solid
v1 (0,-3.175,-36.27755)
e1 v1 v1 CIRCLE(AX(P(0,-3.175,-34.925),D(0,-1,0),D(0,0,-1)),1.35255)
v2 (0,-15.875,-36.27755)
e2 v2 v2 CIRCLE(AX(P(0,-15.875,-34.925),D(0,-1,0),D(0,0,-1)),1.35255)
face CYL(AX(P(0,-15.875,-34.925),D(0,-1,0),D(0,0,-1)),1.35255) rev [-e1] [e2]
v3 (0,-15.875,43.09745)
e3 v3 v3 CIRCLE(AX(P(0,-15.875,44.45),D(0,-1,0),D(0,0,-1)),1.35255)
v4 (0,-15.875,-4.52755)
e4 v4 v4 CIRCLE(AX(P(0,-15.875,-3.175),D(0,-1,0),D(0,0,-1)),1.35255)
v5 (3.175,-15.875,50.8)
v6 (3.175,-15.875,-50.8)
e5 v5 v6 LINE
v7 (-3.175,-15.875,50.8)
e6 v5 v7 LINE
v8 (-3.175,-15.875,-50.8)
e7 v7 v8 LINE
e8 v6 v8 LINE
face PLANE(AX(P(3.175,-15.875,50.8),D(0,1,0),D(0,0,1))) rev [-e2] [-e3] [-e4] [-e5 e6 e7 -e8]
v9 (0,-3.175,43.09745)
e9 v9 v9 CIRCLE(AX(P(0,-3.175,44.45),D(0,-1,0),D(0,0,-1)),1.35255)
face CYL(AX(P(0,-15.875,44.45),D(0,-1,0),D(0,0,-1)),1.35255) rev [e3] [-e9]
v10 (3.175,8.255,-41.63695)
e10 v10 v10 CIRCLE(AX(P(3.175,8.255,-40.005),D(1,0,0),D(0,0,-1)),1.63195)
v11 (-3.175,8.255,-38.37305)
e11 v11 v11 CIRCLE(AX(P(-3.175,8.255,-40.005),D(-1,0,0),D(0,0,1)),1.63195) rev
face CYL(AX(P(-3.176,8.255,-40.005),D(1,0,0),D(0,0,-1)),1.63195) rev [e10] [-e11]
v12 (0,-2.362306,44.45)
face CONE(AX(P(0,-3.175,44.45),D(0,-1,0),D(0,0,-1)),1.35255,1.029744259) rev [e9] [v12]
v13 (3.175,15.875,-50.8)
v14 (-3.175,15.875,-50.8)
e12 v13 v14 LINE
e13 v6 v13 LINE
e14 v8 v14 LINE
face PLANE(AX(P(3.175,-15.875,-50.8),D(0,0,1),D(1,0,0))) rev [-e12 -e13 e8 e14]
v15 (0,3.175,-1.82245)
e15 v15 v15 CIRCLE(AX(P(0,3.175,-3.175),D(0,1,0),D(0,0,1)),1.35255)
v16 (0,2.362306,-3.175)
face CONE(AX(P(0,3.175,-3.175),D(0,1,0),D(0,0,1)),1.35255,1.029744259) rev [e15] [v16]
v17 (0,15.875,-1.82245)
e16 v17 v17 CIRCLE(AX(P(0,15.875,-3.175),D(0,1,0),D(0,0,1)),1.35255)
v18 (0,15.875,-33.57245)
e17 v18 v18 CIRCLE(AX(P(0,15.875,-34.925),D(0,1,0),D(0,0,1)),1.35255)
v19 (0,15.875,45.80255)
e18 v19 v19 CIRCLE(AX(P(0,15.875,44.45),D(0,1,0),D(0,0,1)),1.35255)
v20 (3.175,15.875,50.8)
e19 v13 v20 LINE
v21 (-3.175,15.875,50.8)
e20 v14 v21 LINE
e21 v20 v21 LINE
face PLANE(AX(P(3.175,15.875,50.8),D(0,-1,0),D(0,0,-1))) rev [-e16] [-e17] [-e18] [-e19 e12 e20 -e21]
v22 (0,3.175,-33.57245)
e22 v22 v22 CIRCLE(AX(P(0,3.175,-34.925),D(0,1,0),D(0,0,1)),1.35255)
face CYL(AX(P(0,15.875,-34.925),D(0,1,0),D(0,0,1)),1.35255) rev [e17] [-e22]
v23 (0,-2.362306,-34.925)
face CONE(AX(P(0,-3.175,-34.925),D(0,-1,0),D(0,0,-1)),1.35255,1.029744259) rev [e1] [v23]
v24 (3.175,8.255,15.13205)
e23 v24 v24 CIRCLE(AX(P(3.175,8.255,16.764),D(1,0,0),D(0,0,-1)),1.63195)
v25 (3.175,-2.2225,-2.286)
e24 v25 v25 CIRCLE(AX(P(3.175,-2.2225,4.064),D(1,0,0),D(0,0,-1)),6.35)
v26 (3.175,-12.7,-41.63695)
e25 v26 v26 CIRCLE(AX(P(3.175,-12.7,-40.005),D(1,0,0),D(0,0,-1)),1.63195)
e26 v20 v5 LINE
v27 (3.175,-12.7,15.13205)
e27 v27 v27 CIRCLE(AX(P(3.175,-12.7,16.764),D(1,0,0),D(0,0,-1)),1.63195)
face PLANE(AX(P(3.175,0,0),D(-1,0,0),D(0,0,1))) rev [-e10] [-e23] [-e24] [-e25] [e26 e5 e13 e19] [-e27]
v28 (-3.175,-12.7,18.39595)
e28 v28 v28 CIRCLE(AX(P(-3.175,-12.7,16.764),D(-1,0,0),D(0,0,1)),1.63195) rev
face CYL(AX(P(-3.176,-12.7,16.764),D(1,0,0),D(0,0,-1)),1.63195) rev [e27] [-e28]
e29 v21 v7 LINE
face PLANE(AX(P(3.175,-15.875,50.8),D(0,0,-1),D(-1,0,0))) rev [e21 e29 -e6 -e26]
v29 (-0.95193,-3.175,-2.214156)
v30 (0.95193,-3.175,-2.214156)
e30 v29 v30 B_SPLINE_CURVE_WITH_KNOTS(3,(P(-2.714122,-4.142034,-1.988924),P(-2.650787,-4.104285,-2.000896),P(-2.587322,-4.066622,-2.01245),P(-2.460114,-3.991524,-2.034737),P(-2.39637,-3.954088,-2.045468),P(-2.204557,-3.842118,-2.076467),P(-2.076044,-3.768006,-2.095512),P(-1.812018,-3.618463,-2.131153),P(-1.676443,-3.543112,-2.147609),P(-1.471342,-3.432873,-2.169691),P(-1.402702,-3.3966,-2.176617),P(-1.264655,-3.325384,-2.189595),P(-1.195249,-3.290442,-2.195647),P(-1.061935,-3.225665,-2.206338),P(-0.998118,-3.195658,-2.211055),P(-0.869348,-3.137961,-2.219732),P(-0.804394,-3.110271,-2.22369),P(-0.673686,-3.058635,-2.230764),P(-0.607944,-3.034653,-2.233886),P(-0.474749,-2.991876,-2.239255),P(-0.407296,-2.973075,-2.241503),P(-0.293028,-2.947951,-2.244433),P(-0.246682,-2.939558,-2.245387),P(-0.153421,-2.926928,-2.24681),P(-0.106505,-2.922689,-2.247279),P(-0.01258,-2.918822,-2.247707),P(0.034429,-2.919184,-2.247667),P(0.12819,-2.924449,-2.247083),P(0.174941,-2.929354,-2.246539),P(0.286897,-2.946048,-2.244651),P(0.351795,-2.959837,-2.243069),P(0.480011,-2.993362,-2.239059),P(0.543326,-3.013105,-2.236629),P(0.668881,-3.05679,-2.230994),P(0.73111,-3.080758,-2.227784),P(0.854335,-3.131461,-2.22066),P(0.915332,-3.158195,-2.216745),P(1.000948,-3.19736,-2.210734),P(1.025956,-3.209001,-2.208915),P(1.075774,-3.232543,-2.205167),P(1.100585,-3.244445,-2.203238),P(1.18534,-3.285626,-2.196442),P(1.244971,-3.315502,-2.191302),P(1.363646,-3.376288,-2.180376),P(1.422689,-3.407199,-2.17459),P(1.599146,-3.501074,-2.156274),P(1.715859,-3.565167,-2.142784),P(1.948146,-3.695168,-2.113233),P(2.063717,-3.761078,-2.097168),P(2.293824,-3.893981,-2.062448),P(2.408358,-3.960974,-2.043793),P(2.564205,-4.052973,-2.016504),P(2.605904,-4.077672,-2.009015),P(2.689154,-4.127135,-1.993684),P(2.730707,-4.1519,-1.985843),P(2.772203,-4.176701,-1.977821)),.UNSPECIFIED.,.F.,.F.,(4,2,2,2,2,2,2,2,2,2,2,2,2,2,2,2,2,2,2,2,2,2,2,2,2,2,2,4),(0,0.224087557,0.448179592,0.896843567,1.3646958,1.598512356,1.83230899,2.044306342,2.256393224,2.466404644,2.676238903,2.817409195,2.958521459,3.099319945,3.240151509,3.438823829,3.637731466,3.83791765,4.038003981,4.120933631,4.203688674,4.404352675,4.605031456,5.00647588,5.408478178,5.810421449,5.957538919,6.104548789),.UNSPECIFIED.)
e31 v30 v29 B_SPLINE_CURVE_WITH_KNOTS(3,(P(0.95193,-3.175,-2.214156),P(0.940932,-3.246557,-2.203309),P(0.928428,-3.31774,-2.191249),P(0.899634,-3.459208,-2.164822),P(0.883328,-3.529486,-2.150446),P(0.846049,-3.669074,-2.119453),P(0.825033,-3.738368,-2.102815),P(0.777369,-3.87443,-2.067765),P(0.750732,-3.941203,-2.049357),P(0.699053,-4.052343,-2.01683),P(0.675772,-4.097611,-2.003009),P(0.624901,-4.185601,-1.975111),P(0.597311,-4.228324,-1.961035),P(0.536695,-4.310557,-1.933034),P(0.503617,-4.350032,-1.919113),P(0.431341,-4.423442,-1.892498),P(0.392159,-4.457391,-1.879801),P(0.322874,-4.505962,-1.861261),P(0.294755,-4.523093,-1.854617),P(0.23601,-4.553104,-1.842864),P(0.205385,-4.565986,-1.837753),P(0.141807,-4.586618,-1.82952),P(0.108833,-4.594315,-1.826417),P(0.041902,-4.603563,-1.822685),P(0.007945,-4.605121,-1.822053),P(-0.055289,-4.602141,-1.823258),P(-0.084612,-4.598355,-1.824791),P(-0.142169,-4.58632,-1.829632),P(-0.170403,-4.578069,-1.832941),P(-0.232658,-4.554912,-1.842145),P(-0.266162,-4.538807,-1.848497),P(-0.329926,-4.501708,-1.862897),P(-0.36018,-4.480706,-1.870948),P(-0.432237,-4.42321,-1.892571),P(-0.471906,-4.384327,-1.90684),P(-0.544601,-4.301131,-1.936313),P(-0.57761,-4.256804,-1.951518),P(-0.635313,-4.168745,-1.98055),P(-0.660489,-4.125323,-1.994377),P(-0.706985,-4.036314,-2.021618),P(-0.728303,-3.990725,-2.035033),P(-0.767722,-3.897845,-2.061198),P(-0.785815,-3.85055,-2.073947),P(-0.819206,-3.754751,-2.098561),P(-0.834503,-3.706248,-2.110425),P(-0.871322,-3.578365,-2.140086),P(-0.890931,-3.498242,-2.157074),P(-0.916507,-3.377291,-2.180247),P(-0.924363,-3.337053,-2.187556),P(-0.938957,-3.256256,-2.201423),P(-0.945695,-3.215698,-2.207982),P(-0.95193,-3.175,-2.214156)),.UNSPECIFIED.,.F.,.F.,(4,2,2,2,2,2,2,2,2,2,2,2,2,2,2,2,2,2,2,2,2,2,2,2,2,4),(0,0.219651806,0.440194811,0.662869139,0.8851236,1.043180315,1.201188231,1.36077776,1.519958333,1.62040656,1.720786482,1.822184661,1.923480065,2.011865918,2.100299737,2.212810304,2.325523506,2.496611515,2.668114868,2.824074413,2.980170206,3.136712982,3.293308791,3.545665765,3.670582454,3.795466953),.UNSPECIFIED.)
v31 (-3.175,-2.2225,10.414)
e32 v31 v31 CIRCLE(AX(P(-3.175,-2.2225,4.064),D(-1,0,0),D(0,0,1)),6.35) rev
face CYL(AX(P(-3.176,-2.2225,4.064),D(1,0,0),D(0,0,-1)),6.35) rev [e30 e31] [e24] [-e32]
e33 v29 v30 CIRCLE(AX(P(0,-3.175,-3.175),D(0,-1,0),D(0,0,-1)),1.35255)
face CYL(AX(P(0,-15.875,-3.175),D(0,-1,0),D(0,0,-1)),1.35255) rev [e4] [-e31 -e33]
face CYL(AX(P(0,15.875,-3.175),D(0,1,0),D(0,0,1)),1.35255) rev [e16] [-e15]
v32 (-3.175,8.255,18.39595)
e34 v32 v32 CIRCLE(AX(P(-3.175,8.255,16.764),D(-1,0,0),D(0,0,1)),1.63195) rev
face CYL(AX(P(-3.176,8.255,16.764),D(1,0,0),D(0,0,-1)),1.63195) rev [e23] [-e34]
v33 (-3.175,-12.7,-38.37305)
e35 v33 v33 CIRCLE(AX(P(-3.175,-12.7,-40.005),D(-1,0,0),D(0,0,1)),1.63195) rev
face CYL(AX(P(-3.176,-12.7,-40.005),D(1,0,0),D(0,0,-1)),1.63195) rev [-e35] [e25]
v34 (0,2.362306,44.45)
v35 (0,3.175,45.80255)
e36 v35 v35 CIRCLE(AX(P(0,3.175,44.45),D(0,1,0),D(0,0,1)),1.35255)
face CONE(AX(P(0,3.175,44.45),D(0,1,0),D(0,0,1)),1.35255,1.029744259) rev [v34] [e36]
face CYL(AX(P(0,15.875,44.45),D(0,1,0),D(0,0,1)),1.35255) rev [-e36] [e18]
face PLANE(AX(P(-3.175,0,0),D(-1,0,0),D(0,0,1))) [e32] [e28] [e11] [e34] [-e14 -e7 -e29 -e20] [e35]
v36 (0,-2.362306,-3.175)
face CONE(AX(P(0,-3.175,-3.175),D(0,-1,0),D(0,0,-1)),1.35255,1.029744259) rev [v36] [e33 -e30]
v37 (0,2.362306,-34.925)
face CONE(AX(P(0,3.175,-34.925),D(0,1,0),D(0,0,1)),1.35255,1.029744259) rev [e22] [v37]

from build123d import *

# Parameters (mm, degrees)
SKETCH1_W                          = 101.6
SKETCH1_H                          = 31.75
BOSS_EXTRUDE1_DEPTH                = 3.175
CUT_EXTRUDE1_REACH                 = 55.6
SKETCH2_R                          = 1.63195
SKETCH2_R_2                        = 6.35
TAP_DRILL_FOR_6_32_TAP1_AT_2_COUNT = 2
TAP_DRILL_FOR_6_32_TAP1_AT_2_PITCH = 79.375
TAP_DRILL_FOR_6_32_TAP1_AT_3_COUNT = 2
TAP_DRILL_FOR_6_32_TAP1_AT_3_PITCH = 47.625


with BuildPart() as part:
    # Sketch1 → Boss-Extrude1 (new, symmetric)
    with BuildSketch(Plane(origin=(0, 0, 0), x_dir=(0, 0, -1), z_dir=(1, 0, 0))):
        Rectangle(SKETCH1_W, SKETCH1_H)
    extrude(amount=BOSS_EXTRUDE1_DEPTH, both=True)

    # Sketch2 → Cut-Extrude1 (cut, up to next)
    with BuildSketch(Plane(origin=(3.175, 0, 0), x_dir=(0, 0, -1), z_dir=(1, 0, 0)), mode=Mode.PRIVATE) as cut_extrude1_sk1:
        with Locations((-16.764, 8.255)):
            Circle(SKETCH2_R)
    cut_extrude1_tool1 = extrude(cut_extrude1_sk1.sketch, amount=-CUT_EXTRUDE1_REACH, mode=Mode.PRIVATE) & part.part
    # Sketch2 → Cut-Extrude1 (cut, up to next)
    with BuildSketch(Plane(origin=(3.175, 0, 0), x_dir=(0, 0, -1), z_dir=(1, 0, 0)), mode=Mode.PRIVATE) as cut_extrude1_sk2:
        with Locations((-16.764, -12.7)):
            Circle(SKETCH2_R)
    cut_extrude1_tool2 = extrude(cut_extrude1_sk2.sketch, amount=-CUT_EXTRUDE1_REACH, mode=Mode.PRIVATE) & part.part
    # Sketch2 → Cut-Extrude1 (cut, up to next)
    with BuildSketch(Plane(origin=(3.175, 0, 0), x_dir=(0, 0, -1), z_dir=(1, 0, 0)), mode=Mode.PRIVATE) as cut_extrude1_sk3:
        with Locations((40.005, -12.7)):
            Circle(SKETCH2_R)
    cut_extrude1_tool3 = extrude(cut_extrude1_sk3.sketch, amount=-CUT_EXTRUDE1_REACH, mode=Mode.PRIVATE) & part.part
    # Sketch2 → Cut-Extrude1 (cut, up to next)
    with BuildSketch(Plane(origin=(3.175, 0, 0), x_dir=(0, 0, -1), z_dir=(1, 0, 0)), mode=Mode.PRIVATE) as cut_extrude1_sk4:
        with Locations((40.005, 8.255)):
            Circle(SKETCH2_R)
    cut_extrude1_tool4 = extrude(cut_extrude1_sk4.sketch, amount=-CUT_EXTRUDE1_REACH, mode=Mode.PRIVATE) & part.part
    # Sketch2 → Cut-Extrude1 (cut, up to next)
    with BuildSketch(Plane(origin=(3.175, 0, 0), x_dir=(0, 0, -1), z_dir=(1, 0, 0)), mode=Mode.PRIVATE) as cut_extrude1_sk5:
        with Locations((-4.064, -2.2225)):
            Circle(SKETCH2_R_2)
    cut_extrude1_tool5 = extrude(cut_extrude1_sk5.sketch, amount=-CUT_EXTRUDE1_REACH, mode=Mode.PRIVATE) & part.part
    add(cut_extrude1_tool1.solids().sort_by_distance((3.175, 8.255, 16.764))[0], mode=Mode.SUBTRACT)
    add(cut_extrude1_tool2.solids().sort_by_distance((3.175, -12.7, 16.764))[0], mode=Mode.SUBTRACT)
    add(cut_extrude1_tool3.solids().sort_by_distance((3.175, -12.7, -40.005))[0], mode=Mode.SUBTRACT)
    add(cut_extrude1_tool4.solids().sort_by_distance((3.175, 8.255, -40.005))[0], mode=Mode.SUBTRACT)
    add(cut_extrude1_tool5.solids().sort_by_distance((3.175, -2.2225, 4.064))[0], mode=Mode.SUBTRACT)

    # Sketch5 → Tap Drill for #6-32 Tap1 (revolve, cut)
    with BuildSketch(Plane(origin=(0, 15.875, 44.45), x_dir=(0, 0, 1), z_dir=(1, 0, 0))):
        Polygon((0, 0), (0, 13.51269403), (1.35255, 12.7), (1.35255, 0), align=None)
    tap_drill_for_6_32_tap1 = revolve(axis=Axis((0, 22.225, 44.45), (0, -1, 0)), mode=Mode.SUBTRACT)

    # Tap Drill for #6-32 Tap1 at 2: Tap Drill for #6-32 Tap1 ×2
    with Locations(*[(0, 0, -i * TAP_DRILL_FOR_6_32_TAP1_AT_2_PITCH) for i in range(1, TAP_DRILL_FOR_6_32_TAP1_AT_2_COUNT)]):
        add(tap_drill_for_6_32_tap1, mode=Mode.SUBTRACT)

    # Tap Drill for #6-32 Tap1 at 3: Tap Drill for #6-32 Tap1 ×2
    with Locations(*[(0, 0, -i * TAP_DRILL_FOR_6_32_TAP1_AT_3_PITCH) for i in range(1, TAP_DRILL_FOR_6_32_TAP1_AT_3_COUNT)]):
        add(tap_drill_for_6_32_tap1, mode=Mode.SUBTRACT)

    # Mirror1: Tap Drill for #6-32 Tap1 across plane
    add(tap_drill_for_6_32_tap1.mirror(Plane.ZX), mode=Mode.SUBTRACT)

    # Mirror1 copy 1 sketch → Mirror1 copy 1 (revolve, cut)
    with BuildSketch(Plane(origin=(0, -15.875, -34.925), x_dir=(0, 0, 1), z_dir=(1, 0, 0))):
        Polygon((0, 0), (0, -13.51269403), (1.35255, -12.7), (1.35255, 0), align=None)
    revolve(axis=Axis((0, -22.225, -34.925), (0, -1, 0)), mode=Mode.SUBTRACT)

    # Mirror1 copy 2 sketch → Mirror1 copy 2 (revolve, cut)
    with BuildSketch(Plane(origin=(0, -15.875, -3.175), x_dir=(0, 0, 1), z_dir=(1, 0, 0))):
        Polygon((0, 0), (0, -13.51269403), (1.35255, -12.7), (1.35255, 0), align=None)
    revolve(axis=Axis((0, -22.225, -3.175), (0, -1, 0)), mode=Mode.SUBTRACT)


solid = part.part
